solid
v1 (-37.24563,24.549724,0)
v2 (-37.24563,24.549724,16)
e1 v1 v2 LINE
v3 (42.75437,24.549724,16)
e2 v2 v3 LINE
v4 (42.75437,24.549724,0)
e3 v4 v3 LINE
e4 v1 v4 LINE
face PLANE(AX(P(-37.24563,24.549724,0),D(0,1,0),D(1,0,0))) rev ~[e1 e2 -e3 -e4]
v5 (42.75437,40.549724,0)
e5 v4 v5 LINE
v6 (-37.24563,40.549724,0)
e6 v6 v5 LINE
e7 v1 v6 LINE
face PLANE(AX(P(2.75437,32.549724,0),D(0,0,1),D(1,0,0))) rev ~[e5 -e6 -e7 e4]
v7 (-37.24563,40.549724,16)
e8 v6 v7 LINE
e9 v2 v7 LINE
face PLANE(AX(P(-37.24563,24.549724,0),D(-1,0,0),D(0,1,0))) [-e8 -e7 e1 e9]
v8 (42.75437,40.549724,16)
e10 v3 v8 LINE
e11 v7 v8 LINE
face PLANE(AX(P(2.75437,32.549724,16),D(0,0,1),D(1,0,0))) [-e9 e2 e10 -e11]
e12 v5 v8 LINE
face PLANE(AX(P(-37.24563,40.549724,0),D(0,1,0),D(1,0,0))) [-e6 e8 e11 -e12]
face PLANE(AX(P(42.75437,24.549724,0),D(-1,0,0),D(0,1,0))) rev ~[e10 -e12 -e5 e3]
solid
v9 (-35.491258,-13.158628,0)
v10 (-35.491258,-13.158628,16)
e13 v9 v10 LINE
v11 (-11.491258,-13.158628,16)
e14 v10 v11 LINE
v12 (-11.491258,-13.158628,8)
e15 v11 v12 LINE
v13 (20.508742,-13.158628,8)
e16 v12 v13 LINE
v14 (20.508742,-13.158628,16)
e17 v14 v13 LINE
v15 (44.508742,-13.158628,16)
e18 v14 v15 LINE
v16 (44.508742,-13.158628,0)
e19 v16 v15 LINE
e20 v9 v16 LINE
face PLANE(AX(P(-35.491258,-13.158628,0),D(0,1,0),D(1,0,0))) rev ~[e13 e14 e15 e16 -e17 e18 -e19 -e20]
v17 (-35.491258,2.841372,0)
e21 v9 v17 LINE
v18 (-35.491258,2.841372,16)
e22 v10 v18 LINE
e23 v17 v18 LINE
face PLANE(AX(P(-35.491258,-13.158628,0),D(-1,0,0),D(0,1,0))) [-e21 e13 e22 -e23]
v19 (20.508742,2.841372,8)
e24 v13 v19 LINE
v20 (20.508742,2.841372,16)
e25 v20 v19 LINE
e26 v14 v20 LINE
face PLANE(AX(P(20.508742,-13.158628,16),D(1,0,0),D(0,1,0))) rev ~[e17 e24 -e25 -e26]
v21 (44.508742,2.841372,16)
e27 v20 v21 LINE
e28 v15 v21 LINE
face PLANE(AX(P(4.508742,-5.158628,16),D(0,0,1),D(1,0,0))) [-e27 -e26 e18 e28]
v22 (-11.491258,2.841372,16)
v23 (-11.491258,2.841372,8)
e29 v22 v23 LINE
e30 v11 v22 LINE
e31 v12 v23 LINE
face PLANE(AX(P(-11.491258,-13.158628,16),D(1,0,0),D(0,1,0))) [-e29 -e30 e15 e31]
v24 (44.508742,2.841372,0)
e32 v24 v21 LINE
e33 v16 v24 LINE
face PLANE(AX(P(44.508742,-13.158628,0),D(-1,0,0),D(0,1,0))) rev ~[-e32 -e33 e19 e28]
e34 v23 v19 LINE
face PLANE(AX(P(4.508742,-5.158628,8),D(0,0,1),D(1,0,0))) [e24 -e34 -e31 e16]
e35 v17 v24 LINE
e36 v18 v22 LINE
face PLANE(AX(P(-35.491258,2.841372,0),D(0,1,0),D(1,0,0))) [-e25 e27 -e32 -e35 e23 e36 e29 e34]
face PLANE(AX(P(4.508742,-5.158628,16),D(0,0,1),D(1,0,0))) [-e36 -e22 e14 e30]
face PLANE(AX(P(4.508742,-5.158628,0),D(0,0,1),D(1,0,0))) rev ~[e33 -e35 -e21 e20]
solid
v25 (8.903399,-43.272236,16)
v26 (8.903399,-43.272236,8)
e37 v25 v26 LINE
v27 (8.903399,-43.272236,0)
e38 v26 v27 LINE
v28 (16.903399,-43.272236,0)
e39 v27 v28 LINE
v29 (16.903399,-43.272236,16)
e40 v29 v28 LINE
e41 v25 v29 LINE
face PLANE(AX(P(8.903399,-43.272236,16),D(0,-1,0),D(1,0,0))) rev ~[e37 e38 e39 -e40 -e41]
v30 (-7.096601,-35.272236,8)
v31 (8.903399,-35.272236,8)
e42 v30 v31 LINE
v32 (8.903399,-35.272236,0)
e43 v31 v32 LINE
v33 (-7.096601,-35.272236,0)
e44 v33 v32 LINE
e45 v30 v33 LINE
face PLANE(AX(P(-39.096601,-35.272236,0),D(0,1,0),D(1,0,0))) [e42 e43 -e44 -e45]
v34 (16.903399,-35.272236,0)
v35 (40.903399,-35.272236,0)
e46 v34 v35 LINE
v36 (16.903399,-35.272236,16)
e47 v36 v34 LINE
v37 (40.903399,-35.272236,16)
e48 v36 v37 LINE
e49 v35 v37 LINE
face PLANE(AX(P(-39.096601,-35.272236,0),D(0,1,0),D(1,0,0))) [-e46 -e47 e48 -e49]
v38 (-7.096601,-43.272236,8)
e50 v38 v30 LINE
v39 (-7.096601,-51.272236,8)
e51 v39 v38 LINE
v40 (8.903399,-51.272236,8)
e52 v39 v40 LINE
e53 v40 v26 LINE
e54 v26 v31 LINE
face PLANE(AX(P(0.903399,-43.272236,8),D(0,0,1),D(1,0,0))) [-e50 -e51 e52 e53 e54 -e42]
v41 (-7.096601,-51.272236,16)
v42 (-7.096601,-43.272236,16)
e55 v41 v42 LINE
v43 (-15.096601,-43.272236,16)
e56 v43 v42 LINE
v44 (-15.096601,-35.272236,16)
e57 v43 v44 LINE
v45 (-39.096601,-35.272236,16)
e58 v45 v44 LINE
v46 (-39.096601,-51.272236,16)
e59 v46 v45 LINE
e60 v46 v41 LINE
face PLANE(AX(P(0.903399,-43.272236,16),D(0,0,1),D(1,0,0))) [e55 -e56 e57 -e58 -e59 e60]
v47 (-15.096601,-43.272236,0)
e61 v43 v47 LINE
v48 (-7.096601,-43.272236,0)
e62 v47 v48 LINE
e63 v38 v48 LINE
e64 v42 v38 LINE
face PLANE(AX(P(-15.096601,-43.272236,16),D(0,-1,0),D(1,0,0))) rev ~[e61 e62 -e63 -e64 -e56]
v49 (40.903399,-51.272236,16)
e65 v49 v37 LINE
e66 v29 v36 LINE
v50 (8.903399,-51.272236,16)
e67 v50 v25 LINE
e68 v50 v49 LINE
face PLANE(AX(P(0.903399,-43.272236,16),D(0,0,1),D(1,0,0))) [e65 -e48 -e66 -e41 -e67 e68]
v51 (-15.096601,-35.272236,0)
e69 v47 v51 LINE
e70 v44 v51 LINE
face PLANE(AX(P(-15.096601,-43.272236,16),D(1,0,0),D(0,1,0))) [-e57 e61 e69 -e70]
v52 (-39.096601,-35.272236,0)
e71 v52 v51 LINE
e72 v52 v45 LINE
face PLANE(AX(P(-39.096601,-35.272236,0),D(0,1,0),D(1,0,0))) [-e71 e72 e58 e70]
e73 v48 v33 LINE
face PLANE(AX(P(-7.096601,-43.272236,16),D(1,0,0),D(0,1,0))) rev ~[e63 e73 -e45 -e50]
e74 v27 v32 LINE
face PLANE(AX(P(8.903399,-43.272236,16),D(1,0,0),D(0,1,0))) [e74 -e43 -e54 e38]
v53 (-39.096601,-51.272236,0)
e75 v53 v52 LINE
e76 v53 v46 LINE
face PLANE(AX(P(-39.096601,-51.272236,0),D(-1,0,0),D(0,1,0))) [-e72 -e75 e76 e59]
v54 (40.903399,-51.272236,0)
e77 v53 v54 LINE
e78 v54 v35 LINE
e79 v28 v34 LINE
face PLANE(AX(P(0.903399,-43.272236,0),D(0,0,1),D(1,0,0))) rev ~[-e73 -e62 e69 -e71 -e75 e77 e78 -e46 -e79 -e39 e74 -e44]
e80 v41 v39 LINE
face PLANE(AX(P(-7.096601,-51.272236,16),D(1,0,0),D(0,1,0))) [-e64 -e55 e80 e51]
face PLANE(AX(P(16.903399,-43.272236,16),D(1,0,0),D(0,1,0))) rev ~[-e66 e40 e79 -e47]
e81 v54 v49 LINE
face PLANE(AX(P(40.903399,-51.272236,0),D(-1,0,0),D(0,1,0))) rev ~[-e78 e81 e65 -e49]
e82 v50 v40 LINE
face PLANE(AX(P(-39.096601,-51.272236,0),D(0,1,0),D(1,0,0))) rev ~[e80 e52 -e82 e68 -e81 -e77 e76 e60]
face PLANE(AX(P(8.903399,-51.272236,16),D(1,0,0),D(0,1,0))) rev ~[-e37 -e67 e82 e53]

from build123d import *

# Parameters (mm, degrees)
F0_W     = 80
F0_H     = 16
F1_DEPTH = 16
F2_W     = 32
F2_H     = 16
F3_DEPTH = 8
F4_W     = 16
F4_H     = 16
F5_DEPTH = 8
F6_W     = 8
F6_H     = 8
F7_DEPTH = 16
F8_W     = 8
F8_H     = 8
F9_DEPTH = 25


with BuildPart() as f1:
    # F0 (on Top) → F1 (new body)
    with BuildSketch(Plane.XY):
        with Locations((2.75437, 32.549724)):
            Rectangle(F0_W, F0_H)
        with Locations((4.508742, -5.158628)):
            Rectangle(F0_W, F0_H)
        with Locations((0.903399, -43.272236)):
            Rectangle(F0_W, F0_H)
    extrude(amount=F1_DEPTH)

    # F2 (on face) → F3 (cut)
    with BuildSketch(Plane.XY.offset(16)):
        with Locations((4.508742, -5.158628)):
            Rectangle(F2_W, F2_H)
    extrude(amount=-F3_DEPTH, mode=Mode.SUBTRACT)

    # F4 (on face) → F5 (cut)
    with BuildSketch(Plane.XY.offset(16)):
        with Locations((0.903399, -43.272236)):
            Rectangle(F4_W, F4_H)
    extrude(amount=-F5_DEPTH, mode=Mode.SUBTRACT)

    # F6 (on face) → F7 (cut)
    with BuildSketch(Plane.XY.offset(16)):
        with Locations((12.903399, -39.272236)):
            Rectangle(F6_W, F6_H)
    extrude(amount=-F7_DEPTH, mode=Mode.SUBTRACT)

    # F8 (on face) → F9 (cut)
    with BuildSketch(Plane.XY.offset(16)):
        with Locations((-11.096601, -39.272236)):
            Rectangle(F8_W, F8_H)
    extrude(amount=-F9_DEPTH, mode=Mode.SUBTRACT)


solid = f1.part
